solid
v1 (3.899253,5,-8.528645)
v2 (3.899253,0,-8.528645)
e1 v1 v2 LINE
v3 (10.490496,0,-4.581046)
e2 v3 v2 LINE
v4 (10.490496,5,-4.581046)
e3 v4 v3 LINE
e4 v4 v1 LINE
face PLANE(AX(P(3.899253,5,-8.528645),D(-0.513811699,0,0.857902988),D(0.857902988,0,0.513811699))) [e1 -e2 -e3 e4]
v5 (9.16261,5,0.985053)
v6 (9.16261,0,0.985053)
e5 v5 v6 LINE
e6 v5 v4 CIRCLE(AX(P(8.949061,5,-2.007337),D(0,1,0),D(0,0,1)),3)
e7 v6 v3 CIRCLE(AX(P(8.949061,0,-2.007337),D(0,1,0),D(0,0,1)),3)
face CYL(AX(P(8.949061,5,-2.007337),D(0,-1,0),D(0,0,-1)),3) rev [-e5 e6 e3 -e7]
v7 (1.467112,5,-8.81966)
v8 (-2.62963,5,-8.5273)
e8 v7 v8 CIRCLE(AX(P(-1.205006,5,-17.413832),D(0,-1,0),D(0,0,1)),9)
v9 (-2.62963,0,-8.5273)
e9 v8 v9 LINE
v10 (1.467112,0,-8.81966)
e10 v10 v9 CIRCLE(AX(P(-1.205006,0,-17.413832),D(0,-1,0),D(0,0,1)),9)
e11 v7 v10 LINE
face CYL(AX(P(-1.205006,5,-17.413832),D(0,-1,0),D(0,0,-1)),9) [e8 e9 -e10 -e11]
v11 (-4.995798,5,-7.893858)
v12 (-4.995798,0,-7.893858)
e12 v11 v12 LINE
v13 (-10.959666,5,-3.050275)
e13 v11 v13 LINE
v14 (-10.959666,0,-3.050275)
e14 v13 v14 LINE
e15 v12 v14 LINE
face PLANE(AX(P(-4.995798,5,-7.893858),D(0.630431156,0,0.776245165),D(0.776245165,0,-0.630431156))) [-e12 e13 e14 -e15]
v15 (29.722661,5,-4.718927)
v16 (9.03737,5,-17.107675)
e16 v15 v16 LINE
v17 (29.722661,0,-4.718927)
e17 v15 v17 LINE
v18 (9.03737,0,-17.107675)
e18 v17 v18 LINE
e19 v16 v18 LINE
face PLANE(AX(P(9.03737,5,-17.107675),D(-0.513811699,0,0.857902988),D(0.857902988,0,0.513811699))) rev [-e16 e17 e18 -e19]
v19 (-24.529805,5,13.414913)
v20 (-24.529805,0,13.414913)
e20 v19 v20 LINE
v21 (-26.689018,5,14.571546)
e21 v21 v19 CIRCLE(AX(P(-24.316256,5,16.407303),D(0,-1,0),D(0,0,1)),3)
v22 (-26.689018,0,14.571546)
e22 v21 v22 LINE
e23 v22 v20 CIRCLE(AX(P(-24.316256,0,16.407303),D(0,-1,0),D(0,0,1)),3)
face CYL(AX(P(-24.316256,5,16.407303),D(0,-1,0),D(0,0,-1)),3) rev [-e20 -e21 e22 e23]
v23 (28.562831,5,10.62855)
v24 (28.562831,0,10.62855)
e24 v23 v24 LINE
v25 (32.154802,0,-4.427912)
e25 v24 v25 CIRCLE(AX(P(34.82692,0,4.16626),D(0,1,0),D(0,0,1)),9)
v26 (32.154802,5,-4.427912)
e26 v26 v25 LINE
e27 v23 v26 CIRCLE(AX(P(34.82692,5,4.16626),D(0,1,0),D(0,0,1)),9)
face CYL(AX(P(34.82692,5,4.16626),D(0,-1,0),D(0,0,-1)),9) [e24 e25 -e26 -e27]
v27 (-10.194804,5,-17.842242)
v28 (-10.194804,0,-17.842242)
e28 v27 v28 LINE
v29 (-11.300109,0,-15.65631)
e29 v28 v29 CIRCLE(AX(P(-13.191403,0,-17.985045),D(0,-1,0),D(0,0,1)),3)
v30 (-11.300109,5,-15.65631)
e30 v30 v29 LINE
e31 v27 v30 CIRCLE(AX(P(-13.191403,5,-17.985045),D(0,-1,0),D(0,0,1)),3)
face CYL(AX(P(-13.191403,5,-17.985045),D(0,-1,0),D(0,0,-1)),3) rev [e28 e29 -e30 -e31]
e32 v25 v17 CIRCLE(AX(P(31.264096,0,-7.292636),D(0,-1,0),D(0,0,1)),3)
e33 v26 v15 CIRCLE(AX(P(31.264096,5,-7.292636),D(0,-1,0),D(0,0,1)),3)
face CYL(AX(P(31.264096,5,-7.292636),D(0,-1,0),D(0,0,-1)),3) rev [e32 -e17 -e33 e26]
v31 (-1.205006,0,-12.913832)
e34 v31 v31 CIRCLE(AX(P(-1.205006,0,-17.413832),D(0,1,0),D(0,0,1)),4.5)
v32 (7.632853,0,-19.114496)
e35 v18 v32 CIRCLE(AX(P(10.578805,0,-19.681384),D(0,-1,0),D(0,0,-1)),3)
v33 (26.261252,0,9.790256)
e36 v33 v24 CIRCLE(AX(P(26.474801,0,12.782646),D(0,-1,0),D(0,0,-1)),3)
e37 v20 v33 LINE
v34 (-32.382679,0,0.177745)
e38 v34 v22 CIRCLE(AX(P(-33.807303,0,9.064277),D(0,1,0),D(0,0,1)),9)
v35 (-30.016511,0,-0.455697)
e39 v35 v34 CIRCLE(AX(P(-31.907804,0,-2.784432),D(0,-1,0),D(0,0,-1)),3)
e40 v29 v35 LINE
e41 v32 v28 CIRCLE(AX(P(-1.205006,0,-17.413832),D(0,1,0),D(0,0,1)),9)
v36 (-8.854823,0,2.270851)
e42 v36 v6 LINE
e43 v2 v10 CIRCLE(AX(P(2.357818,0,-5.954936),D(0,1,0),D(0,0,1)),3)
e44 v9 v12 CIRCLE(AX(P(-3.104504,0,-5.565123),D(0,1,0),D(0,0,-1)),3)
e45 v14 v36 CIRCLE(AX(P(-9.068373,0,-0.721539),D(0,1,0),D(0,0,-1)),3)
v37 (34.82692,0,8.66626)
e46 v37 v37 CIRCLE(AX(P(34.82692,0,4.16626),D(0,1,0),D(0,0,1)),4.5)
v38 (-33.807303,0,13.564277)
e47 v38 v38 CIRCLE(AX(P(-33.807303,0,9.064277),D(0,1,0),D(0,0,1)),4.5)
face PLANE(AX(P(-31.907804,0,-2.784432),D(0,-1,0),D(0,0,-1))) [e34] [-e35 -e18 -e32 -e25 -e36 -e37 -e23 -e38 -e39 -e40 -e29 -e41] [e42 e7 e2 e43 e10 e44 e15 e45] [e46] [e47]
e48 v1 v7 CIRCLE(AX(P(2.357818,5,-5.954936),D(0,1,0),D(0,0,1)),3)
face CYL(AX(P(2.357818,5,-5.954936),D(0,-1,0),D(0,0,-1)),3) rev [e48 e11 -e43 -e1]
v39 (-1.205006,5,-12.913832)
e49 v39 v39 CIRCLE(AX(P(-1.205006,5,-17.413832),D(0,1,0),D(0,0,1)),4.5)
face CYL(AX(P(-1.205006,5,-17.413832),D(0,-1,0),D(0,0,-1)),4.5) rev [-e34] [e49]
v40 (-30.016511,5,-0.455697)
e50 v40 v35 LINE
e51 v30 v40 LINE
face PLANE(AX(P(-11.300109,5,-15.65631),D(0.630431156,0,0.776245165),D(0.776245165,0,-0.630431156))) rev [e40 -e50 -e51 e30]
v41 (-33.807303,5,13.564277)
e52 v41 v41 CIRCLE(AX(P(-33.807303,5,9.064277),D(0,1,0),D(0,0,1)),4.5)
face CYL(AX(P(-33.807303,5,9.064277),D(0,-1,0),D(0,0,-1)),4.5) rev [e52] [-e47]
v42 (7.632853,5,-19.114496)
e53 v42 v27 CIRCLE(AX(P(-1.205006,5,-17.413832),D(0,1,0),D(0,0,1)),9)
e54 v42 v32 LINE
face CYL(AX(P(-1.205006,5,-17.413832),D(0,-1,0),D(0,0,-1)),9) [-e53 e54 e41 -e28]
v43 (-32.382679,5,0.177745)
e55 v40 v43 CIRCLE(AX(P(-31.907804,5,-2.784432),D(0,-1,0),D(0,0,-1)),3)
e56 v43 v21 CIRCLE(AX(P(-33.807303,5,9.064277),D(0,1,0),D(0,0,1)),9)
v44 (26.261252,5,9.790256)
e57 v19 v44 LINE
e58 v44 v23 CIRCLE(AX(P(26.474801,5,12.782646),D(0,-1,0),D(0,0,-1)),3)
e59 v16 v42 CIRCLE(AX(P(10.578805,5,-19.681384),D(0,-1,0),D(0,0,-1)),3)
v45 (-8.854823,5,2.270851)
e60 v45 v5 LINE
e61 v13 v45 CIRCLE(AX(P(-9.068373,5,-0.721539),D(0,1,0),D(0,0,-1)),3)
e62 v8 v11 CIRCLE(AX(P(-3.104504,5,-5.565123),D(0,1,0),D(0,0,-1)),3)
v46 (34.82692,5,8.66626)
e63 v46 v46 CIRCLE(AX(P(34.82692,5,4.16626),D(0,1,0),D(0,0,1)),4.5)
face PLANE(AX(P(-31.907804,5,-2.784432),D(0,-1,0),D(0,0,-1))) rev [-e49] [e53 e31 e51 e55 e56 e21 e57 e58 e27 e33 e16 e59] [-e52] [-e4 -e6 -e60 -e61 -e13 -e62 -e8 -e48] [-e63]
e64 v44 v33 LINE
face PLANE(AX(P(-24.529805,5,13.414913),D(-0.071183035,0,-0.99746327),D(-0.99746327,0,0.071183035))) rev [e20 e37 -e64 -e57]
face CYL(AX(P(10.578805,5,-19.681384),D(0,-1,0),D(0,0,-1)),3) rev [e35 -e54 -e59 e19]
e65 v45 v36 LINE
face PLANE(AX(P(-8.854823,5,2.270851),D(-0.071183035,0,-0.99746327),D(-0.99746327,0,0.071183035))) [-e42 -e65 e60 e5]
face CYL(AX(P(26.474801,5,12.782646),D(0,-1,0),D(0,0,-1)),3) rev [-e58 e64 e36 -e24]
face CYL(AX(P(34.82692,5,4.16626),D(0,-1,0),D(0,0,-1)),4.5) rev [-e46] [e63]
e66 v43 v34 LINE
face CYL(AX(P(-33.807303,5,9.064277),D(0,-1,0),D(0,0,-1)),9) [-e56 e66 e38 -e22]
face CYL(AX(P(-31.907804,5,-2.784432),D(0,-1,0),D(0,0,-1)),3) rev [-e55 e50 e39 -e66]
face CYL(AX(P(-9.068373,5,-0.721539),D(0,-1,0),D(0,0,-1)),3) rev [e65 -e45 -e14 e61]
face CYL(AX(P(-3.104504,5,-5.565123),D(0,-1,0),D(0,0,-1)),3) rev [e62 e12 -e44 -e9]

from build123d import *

# Parameters (mm, degrees)
SKETCH_1_R      = 4.5
EXTRUDE_1_DEPTH = 5


with BuildPart() as part:
    # 草图1 → 凸台-拉伸1 (new body)
    with BuildSketch(Plane(origin=(0, 0, 0), x_dir=(1, 0, 0), z_dir=(0, 1, 0))):
        with BuildLine():
            Line((-24.529804943, -13.414912777), (26.261252101, -9.790256419))
            ThreePointArc((26.261252101, -9.790256419), (27.501496461, -9.963799505), (28.562830813, -10.628549584))
            ThreePointArc((28.562830813, -10.628549584), (43.581244656, -6.254750357), (32.154801632, 4.427911945))
            ThreePointArc((32.154801632, 4.427911945), (30.907676626, 4.313883471), (29.722660532, 4.718926844))
            Line((29.722660532, 4.718926844), (9.037370221, 17.10767512))
            ThreePointArc((9.037370221, 17.10767512), (8.120961743, 17.961208234), (7.63285252, 19.114495996))
            ThreePointArc((7.63285252, 19.114495996), (-1.845653191, 26.39100116), (-10.194803688, 17.842241957))
            ThreePointArc((-10.194803688, 17.842241957), (-10.514193846, 16.631327756), (-11.300109489, 15.656309871))
            Line((-11.300109489, 15.656309871), (-30.016510781, 0.455696667))
            ThreePointArc((-30.016510781, 0.455696667), (-31.131999709, -0.113520099), (-32.382678895, -0.177745089))
            ThreePointArc((-32.382678895, -0.177745089), (-42.176335122, -12.374759959), (-26.689017586, -14.571546152))
            ThreePointArc((-26.689017586, -14.571546152), (-25.732836633, -13.762817978), (-24.529804943, -13.414912777))
        make_face()
        with Locations(Location((34.826919636, -4.166259648, 0), (0, 0, 270))):
            Circle(SKETCH_1_R, mode=Mode.SUBTRACT)
        with Locations(Location((-1.205005877, 17.413831728, 0), (0, 0, 270))):
            Circle(SKETCH_1_R, mode=Mode.SUBTRACT)
        with Locations(Location((-33.807302827, -9.064276845, 0), (0, 0, 270))):
            Circle(SKETCH_1_R, mode=Mode.SUBTRACT)
        with BuildLine():
            Line((-8.854823413, -2.270850546), (9.162609873, -0.985053244))
            ThreePointArc((9.162609873, -0.985053244), (11.867169109, 1.311172997), (10.490495867, 4.581045532))
            Line((10.490495867, 4.581045532), (3.899253226, 8.528645235))
            ThreePointArc((3.899253226, 8.528645235), (2.714237133, 8.933688608), (1.467112127, 8.819660134))
            ThreePointArc((1.467112127, 8.819660134), (-0.564358564, 8.436662295), (-2.62962981, 8.527299972))
            ThreePointArc((-2.62962981, 8.527299972), (-3.880308996, 8.463074982), (-4.995797924, 7.893858216))
            Line((-4.995797924, 7.893858216), (-10.959665987, 3.050274761))
            ThreePointArc((-10.959665987, 3.050274761), (-11.85804995, -0.381955107), (-8.854823413, -2.270850546))
        make_face(mode=Mode.SUBTRACT)
    extrude(amount=EXTRUDE_1_DEPTH)


solid = part.part
